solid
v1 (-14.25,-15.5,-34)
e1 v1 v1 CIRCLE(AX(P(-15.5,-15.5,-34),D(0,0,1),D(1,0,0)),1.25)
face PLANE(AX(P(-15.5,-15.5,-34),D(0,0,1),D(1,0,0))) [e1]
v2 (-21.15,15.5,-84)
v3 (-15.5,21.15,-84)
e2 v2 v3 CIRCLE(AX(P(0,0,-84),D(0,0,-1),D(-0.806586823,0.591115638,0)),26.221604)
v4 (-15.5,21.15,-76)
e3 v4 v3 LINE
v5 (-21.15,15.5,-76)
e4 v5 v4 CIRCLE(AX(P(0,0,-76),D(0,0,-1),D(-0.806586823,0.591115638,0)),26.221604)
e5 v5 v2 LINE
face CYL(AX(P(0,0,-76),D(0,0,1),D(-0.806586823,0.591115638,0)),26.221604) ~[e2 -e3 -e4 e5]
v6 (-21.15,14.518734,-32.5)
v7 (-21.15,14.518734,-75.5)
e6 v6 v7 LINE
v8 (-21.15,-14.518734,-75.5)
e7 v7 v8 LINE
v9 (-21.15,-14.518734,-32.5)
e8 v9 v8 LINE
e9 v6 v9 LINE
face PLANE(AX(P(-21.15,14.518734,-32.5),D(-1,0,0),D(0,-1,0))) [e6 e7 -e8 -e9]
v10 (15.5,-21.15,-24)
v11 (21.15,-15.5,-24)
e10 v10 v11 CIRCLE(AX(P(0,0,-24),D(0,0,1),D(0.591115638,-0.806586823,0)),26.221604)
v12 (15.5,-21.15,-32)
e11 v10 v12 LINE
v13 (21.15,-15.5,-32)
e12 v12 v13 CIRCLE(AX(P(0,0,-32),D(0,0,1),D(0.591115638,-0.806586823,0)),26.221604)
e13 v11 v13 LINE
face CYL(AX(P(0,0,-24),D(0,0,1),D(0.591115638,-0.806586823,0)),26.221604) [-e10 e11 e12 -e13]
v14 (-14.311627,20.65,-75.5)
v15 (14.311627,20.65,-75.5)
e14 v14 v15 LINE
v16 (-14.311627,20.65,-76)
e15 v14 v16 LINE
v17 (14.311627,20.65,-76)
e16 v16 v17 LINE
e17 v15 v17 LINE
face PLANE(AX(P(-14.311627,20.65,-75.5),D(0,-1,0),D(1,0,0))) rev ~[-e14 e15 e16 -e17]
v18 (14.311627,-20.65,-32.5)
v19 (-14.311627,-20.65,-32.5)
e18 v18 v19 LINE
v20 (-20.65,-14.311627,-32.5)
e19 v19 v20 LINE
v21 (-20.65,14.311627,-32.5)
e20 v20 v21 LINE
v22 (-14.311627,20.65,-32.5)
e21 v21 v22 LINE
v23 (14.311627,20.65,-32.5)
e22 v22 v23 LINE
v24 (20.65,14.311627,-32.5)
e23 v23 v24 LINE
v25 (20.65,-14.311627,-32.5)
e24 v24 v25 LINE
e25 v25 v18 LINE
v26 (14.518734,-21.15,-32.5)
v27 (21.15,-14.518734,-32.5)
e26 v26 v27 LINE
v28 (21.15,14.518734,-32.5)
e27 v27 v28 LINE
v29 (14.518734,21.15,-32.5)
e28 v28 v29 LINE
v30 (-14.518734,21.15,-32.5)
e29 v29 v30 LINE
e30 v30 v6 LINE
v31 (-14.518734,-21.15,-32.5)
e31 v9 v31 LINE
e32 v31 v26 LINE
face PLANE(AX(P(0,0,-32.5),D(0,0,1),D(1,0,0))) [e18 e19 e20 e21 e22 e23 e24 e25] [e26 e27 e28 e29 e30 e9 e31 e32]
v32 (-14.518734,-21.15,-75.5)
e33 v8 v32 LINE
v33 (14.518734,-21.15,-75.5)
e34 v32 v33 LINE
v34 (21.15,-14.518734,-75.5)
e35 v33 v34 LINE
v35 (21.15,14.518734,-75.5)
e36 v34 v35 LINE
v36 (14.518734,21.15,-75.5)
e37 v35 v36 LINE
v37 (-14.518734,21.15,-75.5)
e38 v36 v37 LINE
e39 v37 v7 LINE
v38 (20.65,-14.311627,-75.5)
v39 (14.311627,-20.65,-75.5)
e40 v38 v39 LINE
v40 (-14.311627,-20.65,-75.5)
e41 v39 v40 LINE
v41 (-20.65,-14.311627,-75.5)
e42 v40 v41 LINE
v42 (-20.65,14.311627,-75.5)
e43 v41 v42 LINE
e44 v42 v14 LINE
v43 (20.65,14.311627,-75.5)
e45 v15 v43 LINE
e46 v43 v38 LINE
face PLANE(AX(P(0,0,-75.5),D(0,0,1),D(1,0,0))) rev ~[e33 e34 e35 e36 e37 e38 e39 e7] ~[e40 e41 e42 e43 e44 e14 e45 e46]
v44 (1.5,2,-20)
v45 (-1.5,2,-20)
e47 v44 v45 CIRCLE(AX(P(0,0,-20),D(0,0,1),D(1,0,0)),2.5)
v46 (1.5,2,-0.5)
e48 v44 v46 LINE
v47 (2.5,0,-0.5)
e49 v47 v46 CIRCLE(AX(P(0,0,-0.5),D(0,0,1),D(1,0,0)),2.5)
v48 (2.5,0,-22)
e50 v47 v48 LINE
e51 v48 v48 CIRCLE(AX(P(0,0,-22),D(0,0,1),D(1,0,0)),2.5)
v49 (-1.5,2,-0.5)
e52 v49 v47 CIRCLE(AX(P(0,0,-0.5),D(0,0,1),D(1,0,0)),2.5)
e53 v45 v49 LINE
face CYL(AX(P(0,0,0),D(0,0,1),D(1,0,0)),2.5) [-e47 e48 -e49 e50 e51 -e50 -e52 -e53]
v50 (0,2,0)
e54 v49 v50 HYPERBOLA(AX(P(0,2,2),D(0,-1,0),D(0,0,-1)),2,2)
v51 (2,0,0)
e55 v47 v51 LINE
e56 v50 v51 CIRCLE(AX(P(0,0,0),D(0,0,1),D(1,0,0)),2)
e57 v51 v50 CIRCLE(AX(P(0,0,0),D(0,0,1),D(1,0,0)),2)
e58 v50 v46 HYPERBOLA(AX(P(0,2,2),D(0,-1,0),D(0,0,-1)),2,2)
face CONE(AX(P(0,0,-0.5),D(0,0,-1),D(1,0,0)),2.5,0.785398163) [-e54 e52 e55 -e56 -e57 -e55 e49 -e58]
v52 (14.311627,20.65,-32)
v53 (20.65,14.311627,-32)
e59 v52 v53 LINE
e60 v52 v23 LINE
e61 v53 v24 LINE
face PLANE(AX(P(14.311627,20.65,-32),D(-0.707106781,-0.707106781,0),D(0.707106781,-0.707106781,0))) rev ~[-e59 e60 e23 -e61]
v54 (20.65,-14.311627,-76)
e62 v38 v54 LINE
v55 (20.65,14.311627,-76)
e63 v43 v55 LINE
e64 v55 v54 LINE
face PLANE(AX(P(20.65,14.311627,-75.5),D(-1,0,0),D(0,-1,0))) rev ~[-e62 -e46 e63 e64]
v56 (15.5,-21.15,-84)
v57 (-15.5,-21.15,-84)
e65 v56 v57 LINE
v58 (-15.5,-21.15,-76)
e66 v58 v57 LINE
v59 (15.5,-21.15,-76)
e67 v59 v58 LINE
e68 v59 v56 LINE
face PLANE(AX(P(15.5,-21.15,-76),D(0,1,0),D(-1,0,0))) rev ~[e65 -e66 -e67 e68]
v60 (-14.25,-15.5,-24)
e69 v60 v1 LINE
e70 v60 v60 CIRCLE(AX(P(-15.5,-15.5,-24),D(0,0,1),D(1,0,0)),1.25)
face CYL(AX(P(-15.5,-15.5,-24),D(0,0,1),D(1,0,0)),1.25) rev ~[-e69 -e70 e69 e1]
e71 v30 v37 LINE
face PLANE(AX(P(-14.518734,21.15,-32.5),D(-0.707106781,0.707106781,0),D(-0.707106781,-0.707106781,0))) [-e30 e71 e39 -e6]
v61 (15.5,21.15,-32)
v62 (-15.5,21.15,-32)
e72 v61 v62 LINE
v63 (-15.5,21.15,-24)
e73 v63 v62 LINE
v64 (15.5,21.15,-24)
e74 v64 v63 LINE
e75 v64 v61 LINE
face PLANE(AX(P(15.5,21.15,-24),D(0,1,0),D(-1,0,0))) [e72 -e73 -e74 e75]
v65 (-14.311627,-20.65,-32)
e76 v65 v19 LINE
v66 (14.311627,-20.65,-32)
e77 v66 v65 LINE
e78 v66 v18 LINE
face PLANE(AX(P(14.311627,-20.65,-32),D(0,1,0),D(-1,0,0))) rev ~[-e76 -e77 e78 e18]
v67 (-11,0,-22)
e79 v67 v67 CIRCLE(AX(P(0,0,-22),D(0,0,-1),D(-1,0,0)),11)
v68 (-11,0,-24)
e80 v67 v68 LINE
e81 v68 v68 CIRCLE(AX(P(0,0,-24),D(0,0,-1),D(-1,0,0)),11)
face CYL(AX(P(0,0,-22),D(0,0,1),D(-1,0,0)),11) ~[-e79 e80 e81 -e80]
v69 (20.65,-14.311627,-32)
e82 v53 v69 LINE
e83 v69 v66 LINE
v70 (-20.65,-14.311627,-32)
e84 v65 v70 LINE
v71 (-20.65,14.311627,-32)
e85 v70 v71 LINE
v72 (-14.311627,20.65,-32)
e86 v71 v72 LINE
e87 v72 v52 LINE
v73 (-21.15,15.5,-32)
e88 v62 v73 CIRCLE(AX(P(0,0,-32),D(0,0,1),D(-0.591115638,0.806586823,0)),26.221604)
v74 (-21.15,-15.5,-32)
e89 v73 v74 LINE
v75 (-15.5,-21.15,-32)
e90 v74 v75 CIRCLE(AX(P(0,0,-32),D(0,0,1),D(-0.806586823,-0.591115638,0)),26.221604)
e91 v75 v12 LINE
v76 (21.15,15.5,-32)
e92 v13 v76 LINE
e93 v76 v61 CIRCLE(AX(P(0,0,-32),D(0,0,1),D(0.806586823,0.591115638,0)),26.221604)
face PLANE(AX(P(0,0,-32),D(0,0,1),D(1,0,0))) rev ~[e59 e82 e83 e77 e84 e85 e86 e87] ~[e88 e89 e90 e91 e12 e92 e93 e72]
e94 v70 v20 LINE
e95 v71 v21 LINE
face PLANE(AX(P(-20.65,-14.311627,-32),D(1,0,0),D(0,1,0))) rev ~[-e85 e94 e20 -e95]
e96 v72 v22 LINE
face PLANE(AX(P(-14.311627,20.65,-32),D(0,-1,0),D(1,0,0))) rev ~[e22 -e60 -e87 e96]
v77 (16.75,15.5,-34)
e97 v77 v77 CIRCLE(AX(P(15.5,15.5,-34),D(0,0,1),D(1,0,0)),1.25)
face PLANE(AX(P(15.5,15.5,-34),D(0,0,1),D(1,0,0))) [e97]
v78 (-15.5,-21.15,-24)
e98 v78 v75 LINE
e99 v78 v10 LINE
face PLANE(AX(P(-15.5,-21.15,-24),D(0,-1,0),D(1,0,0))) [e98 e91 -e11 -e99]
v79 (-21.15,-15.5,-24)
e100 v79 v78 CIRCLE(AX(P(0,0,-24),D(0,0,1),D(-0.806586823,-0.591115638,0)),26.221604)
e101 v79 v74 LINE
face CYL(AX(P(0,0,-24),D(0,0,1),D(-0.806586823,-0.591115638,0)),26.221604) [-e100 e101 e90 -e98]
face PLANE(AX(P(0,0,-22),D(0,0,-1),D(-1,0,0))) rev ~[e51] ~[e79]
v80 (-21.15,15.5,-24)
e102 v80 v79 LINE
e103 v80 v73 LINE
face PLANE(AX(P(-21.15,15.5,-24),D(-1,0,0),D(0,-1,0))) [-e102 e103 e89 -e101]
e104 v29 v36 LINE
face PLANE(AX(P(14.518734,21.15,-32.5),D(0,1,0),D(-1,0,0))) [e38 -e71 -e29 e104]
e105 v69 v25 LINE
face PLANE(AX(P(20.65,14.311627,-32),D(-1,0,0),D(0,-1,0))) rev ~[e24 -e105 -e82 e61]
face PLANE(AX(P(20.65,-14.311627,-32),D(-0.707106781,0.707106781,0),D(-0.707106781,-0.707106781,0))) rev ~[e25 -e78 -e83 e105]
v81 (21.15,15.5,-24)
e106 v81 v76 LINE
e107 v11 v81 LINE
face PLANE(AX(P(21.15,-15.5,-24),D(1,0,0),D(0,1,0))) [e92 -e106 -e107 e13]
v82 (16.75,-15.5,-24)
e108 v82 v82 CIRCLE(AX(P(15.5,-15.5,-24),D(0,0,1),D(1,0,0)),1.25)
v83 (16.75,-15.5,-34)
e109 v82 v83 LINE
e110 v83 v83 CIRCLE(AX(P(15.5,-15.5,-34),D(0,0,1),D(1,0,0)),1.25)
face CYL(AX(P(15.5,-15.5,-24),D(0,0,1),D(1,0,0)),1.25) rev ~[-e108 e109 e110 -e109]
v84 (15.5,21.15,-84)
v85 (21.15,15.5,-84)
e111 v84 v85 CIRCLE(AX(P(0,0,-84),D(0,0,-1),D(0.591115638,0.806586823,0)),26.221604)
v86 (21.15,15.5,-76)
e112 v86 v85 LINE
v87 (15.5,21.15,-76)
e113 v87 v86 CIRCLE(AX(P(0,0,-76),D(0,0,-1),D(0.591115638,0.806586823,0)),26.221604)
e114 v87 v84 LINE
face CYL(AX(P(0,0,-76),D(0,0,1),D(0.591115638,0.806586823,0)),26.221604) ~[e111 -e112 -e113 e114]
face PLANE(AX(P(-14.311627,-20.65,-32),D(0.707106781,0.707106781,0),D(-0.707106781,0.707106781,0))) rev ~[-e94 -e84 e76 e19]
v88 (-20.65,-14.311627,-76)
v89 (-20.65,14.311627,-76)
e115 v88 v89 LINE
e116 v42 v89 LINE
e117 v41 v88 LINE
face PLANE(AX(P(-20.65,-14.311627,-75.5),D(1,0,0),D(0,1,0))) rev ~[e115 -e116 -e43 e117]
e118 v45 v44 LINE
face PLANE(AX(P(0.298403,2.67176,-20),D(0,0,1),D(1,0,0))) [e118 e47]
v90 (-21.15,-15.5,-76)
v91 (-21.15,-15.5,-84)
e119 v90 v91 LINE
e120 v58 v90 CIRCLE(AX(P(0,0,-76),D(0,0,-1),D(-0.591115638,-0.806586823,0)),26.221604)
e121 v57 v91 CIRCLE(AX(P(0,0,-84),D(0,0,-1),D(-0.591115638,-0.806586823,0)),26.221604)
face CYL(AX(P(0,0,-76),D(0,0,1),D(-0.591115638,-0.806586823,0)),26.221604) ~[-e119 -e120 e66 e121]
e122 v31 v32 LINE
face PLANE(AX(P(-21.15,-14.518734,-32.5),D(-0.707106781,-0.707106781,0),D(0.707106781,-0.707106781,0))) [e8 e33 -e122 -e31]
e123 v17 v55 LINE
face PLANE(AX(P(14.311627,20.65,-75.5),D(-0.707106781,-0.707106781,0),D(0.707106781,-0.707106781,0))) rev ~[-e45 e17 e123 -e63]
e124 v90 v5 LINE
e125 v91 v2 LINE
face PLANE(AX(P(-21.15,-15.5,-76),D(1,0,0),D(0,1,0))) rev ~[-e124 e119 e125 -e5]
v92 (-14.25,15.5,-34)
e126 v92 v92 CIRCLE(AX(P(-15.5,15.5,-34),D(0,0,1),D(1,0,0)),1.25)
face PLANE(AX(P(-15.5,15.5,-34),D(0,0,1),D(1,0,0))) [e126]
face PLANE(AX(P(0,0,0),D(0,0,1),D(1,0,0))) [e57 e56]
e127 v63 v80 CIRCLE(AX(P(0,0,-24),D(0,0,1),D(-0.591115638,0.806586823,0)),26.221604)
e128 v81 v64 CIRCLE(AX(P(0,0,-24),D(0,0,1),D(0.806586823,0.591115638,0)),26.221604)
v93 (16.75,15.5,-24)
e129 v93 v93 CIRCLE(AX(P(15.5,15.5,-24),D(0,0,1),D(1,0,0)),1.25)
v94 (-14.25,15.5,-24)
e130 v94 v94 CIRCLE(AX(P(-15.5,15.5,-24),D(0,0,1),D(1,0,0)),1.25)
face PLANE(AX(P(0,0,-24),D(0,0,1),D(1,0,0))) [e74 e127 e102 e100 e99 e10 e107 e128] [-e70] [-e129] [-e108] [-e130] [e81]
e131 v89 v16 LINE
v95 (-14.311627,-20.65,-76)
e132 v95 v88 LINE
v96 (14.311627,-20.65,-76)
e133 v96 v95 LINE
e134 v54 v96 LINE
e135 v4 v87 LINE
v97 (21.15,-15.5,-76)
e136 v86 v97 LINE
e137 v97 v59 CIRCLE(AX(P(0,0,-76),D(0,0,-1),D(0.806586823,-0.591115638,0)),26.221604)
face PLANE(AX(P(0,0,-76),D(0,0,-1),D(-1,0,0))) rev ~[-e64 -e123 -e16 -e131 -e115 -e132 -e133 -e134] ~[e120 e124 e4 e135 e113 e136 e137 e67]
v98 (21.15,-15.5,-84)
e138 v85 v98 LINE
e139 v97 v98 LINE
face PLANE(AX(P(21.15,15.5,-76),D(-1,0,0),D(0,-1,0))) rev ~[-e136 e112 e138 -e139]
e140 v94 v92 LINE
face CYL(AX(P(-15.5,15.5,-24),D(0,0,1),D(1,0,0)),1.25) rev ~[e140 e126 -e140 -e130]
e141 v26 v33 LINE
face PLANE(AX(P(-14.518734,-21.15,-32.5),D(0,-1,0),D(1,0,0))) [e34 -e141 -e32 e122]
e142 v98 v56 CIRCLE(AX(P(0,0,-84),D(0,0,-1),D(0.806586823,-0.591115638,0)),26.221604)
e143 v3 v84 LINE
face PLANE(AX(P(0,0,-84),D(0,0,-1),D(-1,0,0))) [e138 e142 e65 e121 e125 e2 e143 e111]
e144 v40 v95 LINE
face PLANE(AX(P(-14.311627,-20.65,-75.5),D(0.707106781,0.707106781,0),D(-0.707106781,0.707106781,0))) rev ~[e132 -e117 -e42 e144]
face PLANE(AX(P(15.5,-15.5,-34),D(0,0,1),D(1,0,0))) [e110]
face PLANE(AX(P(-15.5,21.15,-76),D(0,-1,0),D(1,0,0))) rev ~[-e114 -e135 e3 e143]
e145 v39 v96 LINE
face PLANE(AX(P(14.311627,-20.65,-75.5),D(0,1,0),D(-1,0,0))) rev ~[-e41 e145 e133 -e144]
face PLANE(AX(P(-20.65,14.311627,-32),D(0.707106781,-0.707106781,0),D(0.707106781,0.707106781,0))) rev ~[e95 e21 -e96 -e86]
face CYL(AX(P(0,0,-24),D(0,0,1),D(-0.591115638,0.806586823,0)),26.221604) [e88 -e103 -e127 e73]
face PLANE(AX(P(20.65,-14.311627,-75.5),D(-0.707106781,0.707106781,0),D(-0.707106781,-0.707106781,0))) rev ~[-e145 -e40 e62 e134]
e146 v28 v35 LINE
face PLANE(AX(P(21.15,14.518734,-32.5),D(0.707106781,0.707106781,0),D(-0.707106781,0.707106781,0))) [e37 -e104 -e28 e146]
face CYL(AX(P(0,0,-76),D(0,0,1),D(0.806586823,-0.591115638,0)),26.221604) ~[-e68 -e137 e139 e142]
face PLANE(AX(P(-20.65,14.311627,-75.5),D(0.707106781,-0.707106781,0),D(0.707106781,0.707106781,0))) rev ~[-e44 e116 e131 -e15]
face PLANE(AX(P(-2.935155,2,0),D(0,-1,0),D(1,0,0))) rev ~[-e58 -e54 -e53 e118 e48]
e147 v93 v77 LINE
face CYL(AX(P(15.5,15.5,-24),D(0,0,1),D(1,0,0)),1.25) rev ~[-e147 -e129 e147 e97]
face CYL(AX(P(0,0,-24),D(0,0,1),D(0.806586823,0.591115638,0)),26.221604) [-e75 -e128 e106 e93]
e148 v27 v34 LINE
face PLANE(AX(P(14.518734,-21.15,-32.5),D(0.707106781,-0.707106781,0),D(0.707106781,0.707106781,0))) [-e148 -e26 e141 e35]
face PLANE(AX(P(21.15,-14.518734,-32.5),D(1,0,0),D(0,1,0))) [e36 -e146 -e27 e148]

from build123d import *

# Parameters (mm, degrees)
SKETCH1_R           = 2.5
BOSS_EXTRUDE1_DEPTH = 22
SKETCH2_R           = 11
BOSS_EXTRUDE2_DEPTH = 2
BOSS_EXTRUDE3_DEPTH = 8
BOSS_EXTRUDE6_DEPTH = 0.5
BOSS_EXTRUDE4_DEPTH = 43
BOSS_EXTRUDE7_DEPTH = 0.5
BOSS_EXTRUDE5_DEPTH = 8
CHAMFER1_SIZE       = 0.5
SKETCH8_W           = 6.467116259
SKETCH8_H           = 1.343520631
CUT_EXTRUDE1_DEPTH  = 20
SKETCH9_R           = 1.25
CUT_EXTRUDE2_DEPTH  = 10


with BuildPart() as part:
    # Sketch1 → Boss-Extrude1 (new body)
    with BuildSketch(Plane.XY):
        Circle(SKETCH1_R)
    extrude(amount=-BOSS_EXTRUDE1_DEPTH)

    # Sketch2 → Boss-Extrude2 (add)
    with BuildSketch(Plane(origin=(0, 0, -22), x_dir=(-1, 0, 0), z_dir=(0, 0, -1))):
        Circle(SKETCH2_R)
    extrude(amount=BOSS_EXTRUDE2_DEPTH)

    # Sketch3 → Boss-Extrude3 (add)
    with BuildSketch(Plane(origin=(0, 0, -24), x_dir=(-1, 0, 0), z_dir=(0, 0, -1))):
        with BuildLine():
            Line((15.5, -21.15), (-15.5, -21.15))
            ThreePointArc((-15.5, -21.15), (-18.541473782, -18.541473782), (-21.15, -15.5))
            Line((-21.15, -15.5), (-21.15, 15.5))
            ThreePointArc((-21.15, 15.5), (-18.541473782, 18.541473782), (-15.5, 21.15))
            Line((-15.5, 21.15), (15.5, 21.15))
            ThreePointArc((15.5, 21.15), (18.541473782, 18.541473782), (21.15, 15.5))
            Line((21.15, 15.5), (21.15, -15.5))
            ThreePointArc((21.15, -15.5), (18.541473782, -18.541473782), (15.5, -21.15))
        make_face()
    extrude(amount=BOSS_EXTRUDE3_DEPTH)

    # Sketch6 → Boss-Extrude6 (add)
    with BuildSketch(Plane(origin=(0, 0, -32), x_dir=(-1, 0, 0), z_dir=(0, 0, -1))):
        Polygon((-20.65, -14.31162722), (-14.31162722, -20.65), (14.31162722, -20.65), (20.65, -14.31162722), (20.65, 14.31162722), (14.31162722, 20.65), (-14.31162722, 20.65), (-20.65, 14.31162722), align=None)
    extrude(amount=BOSS_EXTRUDE6_DEPTH)

    # Sketch4 → Boss-Extrude4 (add)
    with BuildSketch(Plane(origin=(0, 0, -32.5), x_dir=(-1, 0, 0), z_dir=(0, 0, -1))):
        Polygon((-21.15, 14.518734001), (-14.518734001, 21.15), (14.518734001, 21.15), (21.15, 14.518734001), (21.15, -14.518734001), (14.518734001, -21.15), (-14.518734001, -21.15), (-21.15, -14.518734001), align=None)
    extrude(amount=BOSS_EXTRUDE4_DEPTH)

    # Sketch7 → Boss-Extrude7 (add)
    with BuildSketch(Plane(origin=(0, 0, -75.5), x_dir=(-1, 0, 0), z_dir=(0, 0, -1))):
        Polygon((-20.65, -14.31162722), (-14.31162722, -20.65), (14.31162722, -20.65), (20.65, -14.31162722), (20.65, 14.31162722), (14.31162722, 20.65), (-14.31162722, 20.65), (-20.65, 14.31162722), align=None)
    extrude(amount=BOSS_EXTRUDE7_DEPTH)

    # Sketch5 → Boss-Extrude5 (add)
    with BuildSketch(Plane(origin=(0, 0, -76), x_dir=(-1, 0, 0), z_dir=(0, 0, -1))):
        with BuildLine():
            Line((-15.5, -21.15), (15.5, -21.15))
            ThreePointArc((15.5, -21.15), (18.541473782, -18.541473782), (21.15, -15.5))
            Line((21.15, -15.5), (21.15, 15.5))
            ThreePointArc((21.15, 15.5), (18.541473782, 18.541473782), (15.5, 21.15))
            Line((15.5, 21.15), (-15.5, 21.15))
            ThreePointArc((-15.5, 21.15), (-18.541473782, 18.541473782), (-21.15, 15.5))
            Line((-21.15, 15.5), (-21.15, -15.5))
            ThreePointArc((-21.15, -15.5), (-18.541473782, -18.541473782), (-15.5, -21.15))
        make_face()
    extrude(amount=BOSS_EXTRUDE5_DEPTH)

    # Chamfer1
    chamfer1_edges = [part.edges().sort_by_distance(p)[0] for p in [
        (-2.5, 0, 0),
    ]]
    chamfer(chamfer1_edges, length=CHAMFER1_SIZE)

    # Sketch8 → Cut-Extrude1 (cut)
    with BuildSketch(Plane.XY):
        with Locations((0.298403281, 2.671760316)):
            Rectangle(SKETCH8_W, SKETCH8_H)
    extrude(amount=-CUT_EXTRUDE1_DEPTH, mode=Mode.SUBTRACT)

    # Sketch9 → Cut-Extrude2 (cut)
    with BuildSketch(Plane.XY.offset(-24)):
        with Locations((-15.5, 15.5)):
            Circle(SKETCH9_R)
        with Locations((15.5, 15.5)):
            Circle(SKETCH9_R)
        with Locations((15.5, -15.5)):
            Circle(SKETCH9_R)
        with Locations((-15.5, -15.5)):
            Circle(SKETCH9_R)
    extrude(amount=-CUT_EXTRUDE2_DEPTH, mode=Mode.SUBTRACT)


solid = part.part
